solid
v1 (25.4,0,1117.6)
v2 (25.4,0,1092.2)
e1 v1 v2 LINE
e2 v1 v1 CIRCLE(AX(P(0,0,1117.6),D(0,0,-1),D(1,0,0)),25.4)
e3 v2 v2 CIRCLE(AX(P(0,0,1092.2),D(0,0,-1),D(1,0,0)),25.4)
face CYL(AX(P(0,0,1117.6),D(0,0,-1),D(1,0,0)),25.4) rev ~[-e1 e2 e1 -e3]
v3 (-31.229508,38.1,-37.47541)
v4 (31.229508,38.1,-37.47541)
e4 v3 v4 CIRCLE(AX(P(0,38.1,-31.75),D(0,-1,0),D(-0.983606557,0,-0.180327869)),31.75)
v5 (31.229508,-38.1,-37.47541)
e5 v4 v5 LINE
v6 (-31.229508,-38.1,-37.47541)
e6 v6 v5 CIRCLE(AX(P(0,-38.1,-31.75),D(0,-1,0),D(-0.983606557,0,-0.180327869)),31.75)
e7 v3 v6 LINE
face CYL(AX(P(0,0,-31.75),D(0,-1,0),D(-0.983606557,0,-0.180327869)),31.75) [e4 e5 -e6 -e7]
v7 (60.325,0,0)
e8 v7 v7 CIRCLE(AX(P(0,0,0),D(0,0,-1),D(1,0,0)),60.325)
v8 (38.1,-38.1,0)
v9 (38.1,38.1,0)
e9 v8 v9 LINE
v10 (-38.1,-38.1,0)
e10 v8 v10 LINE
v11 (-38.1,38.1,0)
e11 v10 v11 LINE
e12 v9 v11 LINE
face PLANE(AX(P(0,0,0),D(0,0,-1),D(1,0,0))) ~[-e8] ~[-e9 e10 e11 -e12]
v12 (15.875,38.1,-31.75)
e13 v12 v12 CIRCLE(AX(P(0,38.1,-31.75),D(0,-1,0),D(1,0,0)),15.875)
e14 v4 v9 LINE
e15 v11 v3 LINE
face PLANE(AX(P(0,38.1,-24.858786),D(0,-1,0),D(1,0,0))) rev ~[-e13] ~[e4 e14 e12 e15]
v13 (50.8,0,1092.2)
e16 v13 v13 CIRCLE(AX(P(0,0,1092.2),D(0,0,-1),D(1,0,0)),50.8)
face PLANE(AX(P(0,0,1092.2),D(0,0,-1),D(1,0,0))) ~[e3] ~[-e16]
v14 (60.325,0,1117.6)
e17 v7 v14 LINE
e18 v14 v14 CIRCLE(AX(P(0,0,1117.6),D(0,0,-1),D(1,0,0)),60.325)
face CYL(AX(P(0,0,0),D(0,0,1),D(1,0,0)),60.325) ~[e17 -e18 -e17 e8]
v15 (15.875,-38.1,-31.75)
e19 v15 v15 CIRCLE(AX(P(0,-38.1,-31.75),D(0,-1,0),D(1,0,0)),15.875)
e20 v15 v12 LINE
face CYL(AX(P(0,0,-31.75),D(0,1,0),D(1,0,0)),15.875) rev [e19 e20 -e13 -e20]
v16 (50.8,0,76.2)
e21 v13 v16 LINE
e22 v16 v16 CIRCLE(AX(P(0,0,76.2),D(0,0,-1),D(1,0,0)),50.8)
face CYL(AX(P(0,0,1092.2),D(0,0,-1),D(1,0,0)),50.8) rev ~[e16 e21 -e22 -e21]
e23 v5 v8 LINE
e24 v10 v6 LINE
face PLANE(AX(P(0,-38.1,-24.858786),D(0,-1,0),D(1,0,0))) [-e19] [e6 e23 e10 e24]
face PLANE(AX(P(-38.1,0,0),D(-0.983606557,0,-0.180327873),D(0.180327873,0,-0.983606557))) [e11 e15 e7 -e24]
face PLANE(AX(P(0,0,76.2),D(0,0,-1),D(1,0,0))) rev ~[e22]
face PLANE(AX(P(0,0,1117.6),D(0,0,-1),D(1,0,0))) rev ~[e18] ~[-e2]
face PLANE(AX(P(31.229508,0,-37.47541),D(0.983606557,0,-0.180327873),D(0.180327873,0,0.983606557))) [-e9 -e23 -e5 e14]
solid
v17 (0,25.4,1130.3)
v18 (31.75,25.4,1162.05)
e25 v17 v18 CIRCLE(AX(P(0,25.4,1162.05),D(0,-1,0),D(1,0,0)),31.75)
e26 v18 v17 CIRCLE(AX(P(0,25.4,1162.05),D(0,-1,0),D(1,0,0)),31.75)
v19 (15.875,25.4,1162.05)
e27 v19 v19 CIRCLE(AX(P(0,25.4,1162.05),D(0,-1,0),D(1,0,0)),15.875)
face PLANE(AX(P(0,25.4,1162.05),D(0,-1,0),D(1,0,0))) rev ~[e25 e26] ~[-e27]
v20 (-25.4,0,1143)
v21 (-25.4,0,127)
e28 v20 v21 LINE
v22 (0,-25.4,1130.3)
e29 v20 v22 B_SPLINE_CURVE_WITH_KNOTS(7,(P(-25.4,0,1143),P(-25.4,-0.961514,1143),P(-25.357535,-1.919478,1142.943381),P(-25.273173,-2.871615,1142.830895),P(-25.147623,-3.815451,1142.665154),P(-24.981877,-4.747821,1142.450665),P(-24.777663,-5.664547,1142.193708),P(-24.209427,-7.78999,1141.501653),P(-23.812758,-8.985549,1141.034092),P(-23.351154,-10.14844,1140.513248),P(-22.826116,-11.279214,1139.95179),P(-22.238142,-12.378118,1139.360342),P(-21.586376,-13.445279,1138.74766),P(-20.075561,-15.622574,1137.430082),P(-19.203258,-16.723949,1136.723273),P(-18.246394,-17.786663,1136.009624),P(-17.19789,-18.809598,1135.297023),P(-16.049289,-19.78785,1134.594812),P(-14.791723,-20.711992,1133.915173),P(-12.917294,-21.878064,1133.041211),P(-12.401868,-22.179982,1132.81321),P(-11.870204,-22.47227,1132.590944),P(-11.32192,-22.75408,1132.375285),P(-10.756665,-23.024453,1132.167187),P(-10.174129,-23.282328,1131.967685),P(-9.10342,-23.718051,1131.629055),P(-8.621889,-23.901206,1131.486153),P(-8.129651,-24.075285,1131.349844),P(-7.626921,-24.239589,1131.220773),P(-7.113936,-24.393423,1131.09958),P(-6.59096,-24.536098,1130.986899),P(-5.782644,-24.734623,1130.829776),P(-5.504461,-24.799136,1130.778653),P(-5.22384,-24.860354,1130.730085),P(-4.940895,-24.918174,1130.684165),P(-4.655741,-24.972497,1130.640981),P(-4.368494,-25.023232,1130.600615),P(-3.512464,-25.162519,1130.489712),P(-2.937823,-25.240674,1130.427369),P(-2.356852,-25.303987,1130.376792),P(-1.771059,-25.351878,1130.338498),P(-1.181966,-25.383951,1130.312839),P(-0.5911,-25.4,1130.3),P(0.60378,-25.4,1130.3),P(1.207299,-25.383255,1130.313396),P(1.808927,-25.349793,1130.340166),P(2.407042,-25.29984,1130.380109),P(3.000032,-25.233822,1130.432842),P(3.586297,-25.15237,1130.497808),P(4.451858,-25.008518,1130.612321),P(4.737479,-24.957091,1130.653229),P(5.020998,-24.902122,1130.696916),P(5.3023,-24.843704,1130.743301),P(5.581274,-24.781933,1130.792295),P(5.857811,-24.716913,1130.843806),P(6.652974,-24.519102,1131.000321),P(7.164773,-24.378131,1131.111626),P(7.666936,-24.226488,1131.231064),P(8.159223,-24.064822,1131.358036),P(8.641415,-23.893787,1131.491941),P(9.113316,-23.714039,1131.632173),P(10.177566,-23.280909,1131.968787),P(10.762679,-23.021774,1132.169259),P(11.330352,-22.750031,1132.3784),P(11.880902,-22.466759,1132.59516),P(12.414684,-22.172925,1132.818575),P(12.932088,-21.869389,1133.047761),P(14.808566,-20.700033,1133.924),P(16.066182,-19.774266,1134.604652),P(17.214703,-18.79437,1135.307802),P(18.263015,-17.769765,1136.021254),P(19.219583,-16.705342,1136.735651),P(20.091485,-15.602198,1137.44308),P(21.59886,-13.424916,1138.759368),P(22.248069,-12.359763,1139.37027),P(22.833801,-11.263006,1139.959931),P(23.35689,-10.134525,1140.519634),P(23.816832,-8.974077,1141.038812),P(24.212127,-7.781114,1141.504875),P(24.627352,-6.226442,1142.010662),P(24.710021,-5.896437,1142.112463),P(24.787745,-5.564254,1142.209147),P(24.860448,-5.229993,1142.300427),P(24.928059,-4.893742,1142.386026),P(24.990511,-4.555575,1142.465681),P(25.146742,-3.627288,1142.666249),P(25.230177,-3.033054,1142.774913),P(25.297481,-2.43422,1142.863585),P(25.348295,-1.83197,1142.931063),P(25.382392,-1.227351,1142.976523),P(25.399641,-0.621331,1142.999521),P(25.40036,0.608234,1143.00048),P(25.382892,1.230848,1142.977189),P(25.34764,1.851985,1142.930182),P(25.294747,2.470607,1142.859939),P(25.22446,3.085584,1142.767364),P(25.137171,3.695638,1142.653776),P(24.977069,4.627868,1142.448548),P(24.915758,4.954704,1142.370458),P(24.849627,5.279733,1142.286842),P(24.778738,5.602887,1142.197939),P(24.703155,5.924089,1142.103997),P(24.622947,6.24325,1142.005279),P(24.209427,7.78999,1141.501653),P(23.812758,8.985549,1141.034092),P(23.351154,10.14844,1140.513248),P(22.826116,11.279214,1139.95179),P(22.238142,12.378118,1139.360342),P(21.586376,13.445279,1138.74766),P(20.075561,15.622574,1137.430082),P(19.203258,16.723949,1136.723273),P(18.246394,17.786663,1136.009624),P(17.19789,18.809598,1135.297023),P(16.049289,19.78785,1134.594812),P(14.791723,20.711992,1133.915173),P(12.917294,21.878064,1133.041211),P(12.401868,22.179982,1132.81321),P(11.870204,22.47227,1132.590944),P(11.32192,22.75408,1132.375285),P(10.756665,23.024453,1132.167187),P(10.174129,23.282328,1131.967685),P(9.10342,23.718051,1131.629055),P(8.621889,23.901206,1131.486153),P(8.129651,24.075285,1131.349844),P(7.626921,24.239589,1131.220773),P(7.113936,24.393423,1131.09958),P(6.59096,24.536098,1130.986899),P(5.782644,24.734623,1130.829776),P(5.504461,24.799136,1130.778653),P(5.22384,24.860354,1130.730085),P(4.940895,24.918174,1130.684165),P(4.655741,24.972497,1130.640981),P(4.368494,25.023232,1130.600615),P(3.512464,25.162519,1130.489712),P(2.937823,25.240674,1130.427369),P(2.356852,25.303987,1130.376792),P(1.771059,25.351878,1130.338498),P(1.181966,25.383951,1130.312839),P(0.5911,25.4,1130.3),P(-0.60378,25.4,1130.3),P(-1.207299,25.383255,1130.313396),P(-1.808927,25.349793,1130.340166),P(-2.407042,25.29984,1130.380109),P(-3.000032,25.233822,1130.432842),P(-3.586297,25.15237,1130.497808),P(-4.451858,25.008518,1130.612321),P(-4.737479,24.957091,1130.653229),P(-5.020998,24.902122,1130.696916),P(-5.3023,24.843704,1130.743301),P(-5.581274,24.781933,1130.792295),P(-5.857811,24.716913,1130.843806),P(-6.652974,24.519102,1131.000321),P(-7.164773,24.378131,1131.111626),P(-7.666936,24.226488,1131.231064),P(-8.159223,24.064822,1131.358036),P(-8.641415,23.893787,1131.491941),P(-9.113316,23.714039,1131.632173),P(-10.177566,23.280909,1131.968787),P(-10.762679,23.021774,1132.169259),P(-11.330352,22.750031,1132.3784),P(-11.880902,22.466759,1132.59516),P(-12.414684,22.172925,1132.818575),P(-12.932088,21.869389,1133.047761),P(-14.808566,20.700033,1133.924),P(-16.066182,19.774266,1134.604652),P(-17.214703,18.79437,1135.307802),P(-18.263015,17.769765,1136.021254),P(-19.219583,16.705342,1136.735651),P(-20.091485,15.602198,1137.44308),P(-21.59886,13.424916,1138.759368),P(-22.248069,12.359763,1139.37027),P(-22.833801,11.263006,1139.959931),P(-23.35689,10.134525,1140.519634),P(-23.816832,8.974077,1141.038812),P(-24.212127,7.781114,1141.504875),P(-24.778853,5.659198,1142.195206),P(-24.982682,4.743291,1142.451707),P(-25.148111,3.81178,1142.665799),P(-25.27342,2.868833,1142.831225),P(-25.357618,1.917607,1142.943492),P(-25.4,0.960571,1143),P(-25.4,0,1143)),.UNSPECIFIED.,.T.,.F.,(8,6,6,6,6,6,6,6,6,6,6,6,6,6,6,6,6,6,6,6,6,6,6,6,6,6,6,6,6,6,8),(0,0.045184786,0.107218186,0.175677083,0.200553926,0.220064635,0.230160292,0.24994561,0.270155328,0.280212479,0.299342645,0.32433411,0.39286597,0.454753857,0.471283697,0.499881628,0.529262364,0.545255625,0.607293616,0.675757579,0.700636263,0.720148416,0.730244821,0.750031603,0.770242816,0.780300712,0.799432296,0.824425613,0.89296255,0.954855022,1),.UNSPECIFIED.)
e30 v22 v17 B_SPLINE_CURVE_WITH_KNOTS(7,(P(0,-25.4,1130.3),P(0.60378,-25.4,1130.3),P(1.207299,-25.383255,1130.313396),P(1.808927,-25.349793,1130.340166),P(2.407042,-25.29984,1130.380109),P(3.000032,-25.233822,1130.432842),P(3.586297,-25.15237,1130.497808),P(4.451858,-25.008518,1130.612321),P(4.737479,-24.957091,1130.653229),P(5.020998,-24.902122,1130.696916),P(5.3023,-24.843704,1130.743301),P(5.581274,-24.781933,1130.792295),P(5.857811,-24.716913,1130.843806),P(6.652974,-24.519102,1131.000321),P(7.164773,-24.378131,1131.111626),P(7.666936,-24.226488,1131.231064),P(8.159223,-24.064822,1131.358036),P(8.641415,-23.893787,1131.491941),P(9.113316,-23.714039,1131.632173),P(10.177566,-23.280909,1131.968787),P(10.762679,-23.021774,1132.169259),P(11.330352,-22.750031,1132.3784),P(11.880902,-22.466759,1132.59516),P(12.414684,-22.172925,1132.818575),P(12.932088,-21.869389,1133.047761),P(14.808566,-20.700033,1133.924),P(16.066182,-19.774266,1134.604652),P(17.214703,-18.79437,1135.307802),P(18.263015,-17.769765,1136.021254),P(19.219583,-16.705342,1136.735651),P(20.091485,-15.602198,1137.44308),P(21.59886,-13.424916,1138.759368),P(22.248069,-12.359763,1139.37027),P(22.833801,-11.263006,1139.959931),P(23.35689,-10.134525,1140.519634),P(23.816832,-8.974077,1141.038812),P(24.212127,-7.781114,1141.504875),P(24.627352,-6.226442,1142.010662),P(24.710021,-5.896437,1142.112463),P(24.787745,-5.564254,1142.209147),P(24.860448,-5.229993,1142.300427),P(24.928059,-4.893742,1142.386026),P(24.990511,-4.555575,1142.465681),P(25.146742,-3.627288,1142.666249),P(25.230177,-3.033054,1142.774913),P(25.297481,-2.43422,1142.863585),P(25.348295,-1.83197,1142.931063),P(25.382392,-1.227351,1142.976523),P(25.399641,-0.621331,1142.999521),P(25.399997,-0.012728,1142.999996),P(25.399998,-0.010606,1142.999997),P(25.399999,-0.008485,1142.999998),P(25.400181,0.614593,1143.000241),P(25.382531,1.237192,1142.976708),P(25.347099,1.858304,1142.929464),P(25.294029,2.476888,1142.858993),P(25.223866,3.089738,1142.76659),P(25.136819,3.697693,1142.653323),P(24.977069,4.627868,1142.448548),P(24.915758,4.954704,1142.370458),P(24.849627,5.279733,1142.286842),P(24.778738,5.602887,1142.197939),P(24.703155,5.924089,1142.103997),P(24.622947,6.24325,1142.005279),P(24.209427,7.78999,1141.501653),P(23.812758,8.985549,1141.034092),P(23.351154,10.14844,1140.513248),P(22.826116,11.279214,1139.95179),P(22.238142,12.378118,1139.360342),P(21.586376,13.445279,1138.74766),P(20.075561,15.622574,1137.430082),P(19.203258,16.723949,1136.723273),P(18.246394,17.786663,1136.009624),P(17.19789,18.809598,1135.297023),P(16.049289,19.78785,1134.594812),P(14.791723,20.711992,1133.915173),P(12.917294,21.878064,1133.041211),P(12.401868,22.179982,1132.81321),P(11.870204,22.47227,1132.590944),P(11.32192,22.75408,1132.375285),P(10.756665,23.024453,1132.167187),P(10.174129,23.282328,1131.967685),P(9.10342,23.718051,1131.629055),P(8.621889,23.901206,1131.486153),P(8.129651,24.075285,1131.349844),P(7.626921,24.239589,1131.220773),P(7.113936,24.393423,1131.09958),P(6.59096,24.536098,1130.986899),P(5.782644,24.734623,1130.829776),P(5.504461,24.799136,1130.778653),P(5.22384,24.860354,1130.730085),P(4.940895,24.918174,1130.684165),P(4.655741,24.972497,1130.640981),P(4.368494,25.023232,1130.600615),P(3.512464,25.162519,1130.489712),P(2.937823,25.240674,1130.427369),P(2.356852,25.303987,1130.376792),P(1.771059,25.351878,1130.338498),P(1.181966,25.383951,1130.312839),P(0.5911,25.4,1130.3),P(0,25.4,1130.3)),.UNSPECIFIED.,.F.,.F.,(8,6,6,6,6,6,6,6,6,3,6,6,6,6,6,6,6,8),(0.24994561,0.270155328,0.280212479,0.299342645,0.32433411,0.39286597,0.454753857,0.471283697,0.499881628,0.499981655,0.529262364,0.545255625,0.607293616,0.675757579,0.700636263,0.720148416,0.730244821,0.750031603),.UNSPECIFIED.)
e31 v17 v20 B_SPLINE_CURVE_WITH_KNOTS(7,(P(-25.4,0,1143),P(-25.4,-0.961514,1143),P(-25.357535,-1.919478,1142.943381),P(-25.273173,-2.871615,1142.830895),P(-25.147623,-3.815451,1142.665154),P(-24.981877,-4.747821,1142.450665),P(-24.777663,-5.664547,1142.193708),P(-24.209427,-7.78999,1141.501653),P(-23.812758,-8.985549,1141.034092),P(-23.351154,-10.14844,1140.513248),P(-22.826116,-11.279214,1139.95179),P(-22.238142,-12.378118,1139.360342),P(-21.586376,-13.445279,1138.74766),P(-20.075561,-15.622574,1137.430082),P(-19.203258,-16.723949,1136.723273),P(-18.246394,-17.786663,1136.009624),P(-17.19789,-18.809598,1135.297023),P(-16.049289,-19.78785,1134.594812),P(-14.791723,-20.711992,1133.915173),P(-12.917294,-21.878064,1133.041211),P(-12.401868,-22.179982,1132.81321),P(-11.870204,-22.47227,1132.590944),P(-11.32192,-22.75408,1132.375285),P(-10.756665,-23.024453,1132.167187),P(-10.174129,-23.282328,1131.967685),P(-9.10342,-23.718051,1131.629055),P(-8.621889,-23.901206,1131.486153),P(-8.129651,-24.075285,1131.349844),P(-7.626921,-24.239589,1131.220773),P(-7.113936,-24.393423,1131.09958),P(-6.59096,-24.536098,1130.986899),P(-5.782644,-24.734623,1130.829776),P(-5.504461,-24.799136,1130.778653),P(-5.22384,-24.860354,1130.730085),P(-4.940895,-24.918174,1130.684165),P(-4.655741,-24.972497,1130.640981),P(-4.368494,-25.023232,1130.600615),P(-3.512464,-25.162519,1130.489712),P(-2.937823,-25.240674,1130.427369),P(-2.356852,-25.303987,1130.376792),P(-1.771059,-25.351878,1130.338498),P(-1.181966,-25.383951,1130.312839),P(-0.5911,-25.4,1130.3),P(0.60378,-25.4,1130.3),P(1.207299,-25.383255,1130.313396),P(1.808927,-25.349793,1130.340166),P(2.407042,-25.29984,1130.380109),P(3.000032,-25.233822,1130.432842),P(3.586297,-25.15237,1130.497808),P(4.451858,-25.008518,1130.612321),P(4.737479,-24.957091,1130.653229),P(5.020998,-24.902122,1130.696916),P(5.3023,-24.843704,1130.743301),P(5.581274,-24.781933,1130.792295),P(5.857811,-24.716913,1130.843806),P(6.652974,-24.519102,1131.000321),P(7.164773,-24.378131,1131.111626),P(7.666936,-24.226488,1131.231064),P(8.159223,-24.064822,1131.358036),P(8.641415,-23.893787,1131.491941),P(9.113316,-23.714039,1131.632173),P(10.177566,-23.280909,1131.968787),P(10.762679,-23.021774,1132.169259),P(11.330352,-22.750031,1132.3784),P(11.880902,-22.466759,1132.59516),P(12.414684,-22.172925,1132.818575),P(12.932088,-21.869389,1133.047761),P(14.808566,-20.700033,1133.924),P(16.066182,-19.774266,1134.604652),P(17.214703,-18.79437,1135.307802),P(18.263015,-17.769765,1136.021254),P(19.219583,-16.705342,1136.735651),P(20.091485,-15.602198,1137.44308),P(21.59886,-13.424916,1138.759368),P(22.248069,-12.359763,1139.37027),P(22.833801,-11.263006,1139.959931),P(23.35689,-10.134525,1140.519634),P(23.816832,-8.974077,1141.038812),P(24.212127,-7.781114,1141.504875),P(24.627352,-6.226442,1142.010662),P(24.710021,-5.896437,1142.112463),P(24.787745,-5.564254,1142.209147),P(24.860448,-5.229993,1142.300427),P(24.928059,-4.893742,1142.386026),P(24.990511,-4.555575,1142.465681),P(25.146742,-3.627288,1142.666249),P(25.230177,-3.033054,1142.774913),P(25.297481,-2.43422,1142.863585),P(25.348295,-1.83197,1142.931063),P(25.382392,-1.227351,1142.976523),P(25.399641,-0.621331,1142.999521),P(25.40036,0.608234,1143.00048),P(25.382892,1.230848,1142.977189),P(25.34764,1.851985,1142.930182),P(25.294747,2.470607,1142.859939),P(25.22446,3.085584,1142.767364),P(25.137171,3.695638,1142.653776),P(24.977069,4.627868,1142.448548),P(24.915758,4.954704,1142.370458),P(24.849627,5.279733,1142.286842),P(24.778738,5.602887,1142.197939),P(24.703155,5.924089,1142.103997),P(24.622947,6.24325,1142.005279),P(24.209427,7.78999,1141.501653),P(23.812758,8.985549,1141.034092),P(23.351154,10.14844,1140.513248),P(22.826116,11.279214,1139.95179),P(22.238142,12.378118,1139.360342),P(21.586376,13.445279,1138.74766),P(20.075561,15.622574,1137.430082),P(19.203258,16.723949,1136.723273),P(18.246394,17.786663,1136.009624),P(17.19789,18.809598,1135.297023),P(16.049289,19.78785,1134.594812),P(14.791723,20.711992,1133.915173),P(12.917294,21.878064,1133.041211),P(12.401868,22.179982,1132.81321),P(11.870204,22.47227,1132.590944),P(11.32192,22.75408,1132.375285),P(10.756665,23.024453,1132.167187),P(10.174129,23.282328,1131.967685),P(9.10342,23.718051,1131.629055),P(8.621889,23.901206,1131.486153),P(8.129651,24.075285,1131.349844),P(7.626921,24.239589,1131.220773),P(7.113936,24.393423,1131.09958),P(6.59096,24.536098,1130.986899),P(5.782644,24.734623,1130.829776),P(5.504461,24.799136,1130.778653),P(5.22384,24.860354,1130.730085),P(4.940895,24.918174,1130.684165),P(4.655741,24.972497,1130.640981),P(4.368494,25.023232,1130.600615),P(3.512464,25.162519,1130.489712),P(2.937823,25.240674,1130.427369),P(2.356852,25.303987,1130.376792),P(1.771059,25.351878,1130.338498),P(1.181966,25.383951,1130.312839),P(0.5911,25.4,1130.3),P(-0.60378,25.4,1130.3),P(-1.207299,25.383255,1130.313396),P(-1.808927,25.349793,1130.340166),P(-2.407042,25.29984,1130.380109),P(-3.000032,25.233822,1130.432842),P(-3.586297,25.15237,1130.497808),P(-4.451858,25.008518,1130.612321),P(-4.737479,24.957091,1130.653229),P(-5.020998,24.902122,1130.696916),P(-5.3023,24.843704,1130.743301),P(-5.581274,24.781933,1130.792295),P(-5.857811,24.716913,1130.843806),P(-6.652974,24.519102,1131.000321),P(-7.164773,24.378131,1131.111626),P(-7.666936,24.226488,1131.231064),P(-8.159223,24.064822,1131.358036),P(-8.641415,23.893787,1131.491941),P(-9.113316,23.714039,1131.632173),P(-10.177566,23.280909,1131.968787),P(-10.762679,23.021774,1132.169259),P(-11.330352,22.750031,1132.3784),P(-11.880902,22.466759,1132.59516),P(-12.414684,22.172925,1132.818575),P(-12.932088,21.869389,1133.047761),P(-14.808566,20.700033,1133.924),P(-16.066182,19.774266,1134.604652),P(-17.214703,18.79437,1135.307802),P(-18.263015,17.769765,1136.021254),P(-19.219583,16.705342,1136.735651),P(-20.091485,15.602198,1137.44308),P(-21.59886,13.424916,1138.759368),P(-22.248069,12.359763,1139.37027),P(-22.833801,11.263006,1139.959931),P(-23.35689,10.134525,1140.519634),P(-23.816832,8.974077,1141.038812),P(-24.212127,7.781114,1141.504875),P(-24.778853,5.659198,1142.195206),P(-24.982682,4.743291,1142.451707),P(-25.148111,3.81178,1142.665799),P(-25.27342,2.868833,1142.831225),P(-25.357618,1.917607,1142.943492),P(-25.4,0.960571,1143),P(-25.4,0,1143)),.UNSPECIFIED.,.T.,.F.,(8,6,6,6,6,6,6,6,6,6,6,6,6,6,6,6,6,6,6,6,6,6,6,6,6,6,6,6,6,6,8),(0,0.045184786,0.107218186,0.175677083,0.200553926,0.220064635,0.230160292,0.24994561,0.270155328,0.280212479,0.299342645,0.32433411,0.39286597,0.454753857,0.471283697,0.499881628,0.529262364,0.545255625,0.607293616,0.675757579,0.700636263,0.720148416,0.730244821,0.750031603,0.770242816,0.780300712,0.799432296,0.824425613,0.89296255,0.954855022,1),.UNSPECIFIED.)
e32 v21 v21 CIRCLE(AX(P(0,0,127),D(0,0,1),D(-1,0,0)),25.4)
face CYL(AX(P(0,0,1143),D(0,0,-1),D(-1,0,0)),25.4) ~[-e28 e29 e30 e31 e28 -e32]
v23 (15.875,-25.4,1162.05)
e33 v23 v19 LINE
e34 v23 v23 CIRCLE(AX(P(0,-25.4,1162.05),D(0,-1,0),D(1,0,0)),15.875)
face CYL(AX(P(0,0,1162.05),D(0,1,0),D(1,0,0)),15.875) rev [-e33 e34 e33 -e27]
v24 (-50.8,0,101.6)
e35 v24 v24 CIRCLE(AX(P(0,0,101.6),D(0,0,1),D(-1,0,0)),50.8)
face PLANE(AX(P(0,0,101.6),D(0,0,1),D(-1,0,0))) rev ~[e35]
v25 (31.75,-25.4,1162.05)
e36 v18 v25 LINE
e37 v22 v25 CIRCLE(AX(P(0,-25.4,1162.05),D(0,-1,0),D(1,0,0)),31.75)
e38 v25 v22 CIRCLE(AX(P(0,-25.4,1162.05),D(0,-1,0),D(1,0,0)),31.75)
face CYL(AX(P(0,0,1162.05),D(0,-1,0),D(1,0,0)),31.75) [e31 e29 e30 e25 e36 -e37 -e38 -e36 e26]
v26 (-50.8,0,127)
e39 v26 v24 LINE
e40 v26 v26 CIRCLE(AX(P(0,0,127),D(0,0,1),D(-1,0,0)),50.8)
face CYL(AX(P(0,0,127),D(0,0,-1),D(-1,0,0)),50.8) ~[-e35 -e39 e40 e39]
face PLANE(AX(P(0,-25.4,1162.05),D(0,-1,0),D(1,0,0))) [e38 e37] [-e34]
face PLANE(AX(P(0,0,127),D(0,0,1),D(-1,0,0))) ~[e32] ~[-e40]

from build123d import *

# Parameters (mm, degrees)
F2_R     = 15.875
F3_DEPTH = 38.1
F6_R     = 31.75
F6_R_2   = 15.875
F7_DEPTH = 25.4


with BuildPart() as f1:
    # F0 (on Front) → F1 (revolve)
    with BuildSketch(Plane.XZ):
        Polygon((60.325, 0), (60.325, 1117.6), (25.4, 1117.6), (25.4, 1092.2), (50.8, 1092.2), (50.8, 76.2), (0, 76.2), (0, 0), align=None)
    revolve(axis=Axis((0, 0, 38.1), (0, 0, -1)))

    # F2 (on Front) → F3 (join, symmetric)
    with BuildSketch(Plane.XZ):
        with BuildLine():
            Line((-38.1, 0), (-31.229508, -37.47541))
            ThreePointArc((-31.229508, -37.47541), (0, -63.5), (31.229508, -37.47541))
            Line((31.229508, -37.47541), (38.1, 0))
            Line((38.1, 0), (-38.1, 0))
        make_face()
        with Locations((0, -31.75)):
            Circle(F2_R, mode=Mode.SUBTRACT)
    extrude(amount=F3_DEPTH, both=True)


with BuildPart() as f5:
    # F4 (on Front) → F5 (revolve)
    with BuildSketch(Plane.XZ):
        Polygon((0, 1143), (-25.4, 1143), (-25.4, 127), (-50.8, 127), (-50.8, 101.6), (0, 101.6), align=None)
    revolve(axis=Axis((0, 0, 622.3), (0, 0, 1)))

    # F6 (on Front) → F7 (join, symmetric)
    with BuildSketch(Plane.XZ):
        with Locations((0, 1162.05)):
            Circle(F6_R)
        with Locations((0, 1162.05)):
            Circle(F6_R_2, mode=Mode.SUBTRACT)
    extrude(amount=F7_DEPTH, both=True)


with BuildPart() as f8_1:
    # F8: copy of F1
    add(f1.part)


solid = Compound([f1.part, f5.part])
